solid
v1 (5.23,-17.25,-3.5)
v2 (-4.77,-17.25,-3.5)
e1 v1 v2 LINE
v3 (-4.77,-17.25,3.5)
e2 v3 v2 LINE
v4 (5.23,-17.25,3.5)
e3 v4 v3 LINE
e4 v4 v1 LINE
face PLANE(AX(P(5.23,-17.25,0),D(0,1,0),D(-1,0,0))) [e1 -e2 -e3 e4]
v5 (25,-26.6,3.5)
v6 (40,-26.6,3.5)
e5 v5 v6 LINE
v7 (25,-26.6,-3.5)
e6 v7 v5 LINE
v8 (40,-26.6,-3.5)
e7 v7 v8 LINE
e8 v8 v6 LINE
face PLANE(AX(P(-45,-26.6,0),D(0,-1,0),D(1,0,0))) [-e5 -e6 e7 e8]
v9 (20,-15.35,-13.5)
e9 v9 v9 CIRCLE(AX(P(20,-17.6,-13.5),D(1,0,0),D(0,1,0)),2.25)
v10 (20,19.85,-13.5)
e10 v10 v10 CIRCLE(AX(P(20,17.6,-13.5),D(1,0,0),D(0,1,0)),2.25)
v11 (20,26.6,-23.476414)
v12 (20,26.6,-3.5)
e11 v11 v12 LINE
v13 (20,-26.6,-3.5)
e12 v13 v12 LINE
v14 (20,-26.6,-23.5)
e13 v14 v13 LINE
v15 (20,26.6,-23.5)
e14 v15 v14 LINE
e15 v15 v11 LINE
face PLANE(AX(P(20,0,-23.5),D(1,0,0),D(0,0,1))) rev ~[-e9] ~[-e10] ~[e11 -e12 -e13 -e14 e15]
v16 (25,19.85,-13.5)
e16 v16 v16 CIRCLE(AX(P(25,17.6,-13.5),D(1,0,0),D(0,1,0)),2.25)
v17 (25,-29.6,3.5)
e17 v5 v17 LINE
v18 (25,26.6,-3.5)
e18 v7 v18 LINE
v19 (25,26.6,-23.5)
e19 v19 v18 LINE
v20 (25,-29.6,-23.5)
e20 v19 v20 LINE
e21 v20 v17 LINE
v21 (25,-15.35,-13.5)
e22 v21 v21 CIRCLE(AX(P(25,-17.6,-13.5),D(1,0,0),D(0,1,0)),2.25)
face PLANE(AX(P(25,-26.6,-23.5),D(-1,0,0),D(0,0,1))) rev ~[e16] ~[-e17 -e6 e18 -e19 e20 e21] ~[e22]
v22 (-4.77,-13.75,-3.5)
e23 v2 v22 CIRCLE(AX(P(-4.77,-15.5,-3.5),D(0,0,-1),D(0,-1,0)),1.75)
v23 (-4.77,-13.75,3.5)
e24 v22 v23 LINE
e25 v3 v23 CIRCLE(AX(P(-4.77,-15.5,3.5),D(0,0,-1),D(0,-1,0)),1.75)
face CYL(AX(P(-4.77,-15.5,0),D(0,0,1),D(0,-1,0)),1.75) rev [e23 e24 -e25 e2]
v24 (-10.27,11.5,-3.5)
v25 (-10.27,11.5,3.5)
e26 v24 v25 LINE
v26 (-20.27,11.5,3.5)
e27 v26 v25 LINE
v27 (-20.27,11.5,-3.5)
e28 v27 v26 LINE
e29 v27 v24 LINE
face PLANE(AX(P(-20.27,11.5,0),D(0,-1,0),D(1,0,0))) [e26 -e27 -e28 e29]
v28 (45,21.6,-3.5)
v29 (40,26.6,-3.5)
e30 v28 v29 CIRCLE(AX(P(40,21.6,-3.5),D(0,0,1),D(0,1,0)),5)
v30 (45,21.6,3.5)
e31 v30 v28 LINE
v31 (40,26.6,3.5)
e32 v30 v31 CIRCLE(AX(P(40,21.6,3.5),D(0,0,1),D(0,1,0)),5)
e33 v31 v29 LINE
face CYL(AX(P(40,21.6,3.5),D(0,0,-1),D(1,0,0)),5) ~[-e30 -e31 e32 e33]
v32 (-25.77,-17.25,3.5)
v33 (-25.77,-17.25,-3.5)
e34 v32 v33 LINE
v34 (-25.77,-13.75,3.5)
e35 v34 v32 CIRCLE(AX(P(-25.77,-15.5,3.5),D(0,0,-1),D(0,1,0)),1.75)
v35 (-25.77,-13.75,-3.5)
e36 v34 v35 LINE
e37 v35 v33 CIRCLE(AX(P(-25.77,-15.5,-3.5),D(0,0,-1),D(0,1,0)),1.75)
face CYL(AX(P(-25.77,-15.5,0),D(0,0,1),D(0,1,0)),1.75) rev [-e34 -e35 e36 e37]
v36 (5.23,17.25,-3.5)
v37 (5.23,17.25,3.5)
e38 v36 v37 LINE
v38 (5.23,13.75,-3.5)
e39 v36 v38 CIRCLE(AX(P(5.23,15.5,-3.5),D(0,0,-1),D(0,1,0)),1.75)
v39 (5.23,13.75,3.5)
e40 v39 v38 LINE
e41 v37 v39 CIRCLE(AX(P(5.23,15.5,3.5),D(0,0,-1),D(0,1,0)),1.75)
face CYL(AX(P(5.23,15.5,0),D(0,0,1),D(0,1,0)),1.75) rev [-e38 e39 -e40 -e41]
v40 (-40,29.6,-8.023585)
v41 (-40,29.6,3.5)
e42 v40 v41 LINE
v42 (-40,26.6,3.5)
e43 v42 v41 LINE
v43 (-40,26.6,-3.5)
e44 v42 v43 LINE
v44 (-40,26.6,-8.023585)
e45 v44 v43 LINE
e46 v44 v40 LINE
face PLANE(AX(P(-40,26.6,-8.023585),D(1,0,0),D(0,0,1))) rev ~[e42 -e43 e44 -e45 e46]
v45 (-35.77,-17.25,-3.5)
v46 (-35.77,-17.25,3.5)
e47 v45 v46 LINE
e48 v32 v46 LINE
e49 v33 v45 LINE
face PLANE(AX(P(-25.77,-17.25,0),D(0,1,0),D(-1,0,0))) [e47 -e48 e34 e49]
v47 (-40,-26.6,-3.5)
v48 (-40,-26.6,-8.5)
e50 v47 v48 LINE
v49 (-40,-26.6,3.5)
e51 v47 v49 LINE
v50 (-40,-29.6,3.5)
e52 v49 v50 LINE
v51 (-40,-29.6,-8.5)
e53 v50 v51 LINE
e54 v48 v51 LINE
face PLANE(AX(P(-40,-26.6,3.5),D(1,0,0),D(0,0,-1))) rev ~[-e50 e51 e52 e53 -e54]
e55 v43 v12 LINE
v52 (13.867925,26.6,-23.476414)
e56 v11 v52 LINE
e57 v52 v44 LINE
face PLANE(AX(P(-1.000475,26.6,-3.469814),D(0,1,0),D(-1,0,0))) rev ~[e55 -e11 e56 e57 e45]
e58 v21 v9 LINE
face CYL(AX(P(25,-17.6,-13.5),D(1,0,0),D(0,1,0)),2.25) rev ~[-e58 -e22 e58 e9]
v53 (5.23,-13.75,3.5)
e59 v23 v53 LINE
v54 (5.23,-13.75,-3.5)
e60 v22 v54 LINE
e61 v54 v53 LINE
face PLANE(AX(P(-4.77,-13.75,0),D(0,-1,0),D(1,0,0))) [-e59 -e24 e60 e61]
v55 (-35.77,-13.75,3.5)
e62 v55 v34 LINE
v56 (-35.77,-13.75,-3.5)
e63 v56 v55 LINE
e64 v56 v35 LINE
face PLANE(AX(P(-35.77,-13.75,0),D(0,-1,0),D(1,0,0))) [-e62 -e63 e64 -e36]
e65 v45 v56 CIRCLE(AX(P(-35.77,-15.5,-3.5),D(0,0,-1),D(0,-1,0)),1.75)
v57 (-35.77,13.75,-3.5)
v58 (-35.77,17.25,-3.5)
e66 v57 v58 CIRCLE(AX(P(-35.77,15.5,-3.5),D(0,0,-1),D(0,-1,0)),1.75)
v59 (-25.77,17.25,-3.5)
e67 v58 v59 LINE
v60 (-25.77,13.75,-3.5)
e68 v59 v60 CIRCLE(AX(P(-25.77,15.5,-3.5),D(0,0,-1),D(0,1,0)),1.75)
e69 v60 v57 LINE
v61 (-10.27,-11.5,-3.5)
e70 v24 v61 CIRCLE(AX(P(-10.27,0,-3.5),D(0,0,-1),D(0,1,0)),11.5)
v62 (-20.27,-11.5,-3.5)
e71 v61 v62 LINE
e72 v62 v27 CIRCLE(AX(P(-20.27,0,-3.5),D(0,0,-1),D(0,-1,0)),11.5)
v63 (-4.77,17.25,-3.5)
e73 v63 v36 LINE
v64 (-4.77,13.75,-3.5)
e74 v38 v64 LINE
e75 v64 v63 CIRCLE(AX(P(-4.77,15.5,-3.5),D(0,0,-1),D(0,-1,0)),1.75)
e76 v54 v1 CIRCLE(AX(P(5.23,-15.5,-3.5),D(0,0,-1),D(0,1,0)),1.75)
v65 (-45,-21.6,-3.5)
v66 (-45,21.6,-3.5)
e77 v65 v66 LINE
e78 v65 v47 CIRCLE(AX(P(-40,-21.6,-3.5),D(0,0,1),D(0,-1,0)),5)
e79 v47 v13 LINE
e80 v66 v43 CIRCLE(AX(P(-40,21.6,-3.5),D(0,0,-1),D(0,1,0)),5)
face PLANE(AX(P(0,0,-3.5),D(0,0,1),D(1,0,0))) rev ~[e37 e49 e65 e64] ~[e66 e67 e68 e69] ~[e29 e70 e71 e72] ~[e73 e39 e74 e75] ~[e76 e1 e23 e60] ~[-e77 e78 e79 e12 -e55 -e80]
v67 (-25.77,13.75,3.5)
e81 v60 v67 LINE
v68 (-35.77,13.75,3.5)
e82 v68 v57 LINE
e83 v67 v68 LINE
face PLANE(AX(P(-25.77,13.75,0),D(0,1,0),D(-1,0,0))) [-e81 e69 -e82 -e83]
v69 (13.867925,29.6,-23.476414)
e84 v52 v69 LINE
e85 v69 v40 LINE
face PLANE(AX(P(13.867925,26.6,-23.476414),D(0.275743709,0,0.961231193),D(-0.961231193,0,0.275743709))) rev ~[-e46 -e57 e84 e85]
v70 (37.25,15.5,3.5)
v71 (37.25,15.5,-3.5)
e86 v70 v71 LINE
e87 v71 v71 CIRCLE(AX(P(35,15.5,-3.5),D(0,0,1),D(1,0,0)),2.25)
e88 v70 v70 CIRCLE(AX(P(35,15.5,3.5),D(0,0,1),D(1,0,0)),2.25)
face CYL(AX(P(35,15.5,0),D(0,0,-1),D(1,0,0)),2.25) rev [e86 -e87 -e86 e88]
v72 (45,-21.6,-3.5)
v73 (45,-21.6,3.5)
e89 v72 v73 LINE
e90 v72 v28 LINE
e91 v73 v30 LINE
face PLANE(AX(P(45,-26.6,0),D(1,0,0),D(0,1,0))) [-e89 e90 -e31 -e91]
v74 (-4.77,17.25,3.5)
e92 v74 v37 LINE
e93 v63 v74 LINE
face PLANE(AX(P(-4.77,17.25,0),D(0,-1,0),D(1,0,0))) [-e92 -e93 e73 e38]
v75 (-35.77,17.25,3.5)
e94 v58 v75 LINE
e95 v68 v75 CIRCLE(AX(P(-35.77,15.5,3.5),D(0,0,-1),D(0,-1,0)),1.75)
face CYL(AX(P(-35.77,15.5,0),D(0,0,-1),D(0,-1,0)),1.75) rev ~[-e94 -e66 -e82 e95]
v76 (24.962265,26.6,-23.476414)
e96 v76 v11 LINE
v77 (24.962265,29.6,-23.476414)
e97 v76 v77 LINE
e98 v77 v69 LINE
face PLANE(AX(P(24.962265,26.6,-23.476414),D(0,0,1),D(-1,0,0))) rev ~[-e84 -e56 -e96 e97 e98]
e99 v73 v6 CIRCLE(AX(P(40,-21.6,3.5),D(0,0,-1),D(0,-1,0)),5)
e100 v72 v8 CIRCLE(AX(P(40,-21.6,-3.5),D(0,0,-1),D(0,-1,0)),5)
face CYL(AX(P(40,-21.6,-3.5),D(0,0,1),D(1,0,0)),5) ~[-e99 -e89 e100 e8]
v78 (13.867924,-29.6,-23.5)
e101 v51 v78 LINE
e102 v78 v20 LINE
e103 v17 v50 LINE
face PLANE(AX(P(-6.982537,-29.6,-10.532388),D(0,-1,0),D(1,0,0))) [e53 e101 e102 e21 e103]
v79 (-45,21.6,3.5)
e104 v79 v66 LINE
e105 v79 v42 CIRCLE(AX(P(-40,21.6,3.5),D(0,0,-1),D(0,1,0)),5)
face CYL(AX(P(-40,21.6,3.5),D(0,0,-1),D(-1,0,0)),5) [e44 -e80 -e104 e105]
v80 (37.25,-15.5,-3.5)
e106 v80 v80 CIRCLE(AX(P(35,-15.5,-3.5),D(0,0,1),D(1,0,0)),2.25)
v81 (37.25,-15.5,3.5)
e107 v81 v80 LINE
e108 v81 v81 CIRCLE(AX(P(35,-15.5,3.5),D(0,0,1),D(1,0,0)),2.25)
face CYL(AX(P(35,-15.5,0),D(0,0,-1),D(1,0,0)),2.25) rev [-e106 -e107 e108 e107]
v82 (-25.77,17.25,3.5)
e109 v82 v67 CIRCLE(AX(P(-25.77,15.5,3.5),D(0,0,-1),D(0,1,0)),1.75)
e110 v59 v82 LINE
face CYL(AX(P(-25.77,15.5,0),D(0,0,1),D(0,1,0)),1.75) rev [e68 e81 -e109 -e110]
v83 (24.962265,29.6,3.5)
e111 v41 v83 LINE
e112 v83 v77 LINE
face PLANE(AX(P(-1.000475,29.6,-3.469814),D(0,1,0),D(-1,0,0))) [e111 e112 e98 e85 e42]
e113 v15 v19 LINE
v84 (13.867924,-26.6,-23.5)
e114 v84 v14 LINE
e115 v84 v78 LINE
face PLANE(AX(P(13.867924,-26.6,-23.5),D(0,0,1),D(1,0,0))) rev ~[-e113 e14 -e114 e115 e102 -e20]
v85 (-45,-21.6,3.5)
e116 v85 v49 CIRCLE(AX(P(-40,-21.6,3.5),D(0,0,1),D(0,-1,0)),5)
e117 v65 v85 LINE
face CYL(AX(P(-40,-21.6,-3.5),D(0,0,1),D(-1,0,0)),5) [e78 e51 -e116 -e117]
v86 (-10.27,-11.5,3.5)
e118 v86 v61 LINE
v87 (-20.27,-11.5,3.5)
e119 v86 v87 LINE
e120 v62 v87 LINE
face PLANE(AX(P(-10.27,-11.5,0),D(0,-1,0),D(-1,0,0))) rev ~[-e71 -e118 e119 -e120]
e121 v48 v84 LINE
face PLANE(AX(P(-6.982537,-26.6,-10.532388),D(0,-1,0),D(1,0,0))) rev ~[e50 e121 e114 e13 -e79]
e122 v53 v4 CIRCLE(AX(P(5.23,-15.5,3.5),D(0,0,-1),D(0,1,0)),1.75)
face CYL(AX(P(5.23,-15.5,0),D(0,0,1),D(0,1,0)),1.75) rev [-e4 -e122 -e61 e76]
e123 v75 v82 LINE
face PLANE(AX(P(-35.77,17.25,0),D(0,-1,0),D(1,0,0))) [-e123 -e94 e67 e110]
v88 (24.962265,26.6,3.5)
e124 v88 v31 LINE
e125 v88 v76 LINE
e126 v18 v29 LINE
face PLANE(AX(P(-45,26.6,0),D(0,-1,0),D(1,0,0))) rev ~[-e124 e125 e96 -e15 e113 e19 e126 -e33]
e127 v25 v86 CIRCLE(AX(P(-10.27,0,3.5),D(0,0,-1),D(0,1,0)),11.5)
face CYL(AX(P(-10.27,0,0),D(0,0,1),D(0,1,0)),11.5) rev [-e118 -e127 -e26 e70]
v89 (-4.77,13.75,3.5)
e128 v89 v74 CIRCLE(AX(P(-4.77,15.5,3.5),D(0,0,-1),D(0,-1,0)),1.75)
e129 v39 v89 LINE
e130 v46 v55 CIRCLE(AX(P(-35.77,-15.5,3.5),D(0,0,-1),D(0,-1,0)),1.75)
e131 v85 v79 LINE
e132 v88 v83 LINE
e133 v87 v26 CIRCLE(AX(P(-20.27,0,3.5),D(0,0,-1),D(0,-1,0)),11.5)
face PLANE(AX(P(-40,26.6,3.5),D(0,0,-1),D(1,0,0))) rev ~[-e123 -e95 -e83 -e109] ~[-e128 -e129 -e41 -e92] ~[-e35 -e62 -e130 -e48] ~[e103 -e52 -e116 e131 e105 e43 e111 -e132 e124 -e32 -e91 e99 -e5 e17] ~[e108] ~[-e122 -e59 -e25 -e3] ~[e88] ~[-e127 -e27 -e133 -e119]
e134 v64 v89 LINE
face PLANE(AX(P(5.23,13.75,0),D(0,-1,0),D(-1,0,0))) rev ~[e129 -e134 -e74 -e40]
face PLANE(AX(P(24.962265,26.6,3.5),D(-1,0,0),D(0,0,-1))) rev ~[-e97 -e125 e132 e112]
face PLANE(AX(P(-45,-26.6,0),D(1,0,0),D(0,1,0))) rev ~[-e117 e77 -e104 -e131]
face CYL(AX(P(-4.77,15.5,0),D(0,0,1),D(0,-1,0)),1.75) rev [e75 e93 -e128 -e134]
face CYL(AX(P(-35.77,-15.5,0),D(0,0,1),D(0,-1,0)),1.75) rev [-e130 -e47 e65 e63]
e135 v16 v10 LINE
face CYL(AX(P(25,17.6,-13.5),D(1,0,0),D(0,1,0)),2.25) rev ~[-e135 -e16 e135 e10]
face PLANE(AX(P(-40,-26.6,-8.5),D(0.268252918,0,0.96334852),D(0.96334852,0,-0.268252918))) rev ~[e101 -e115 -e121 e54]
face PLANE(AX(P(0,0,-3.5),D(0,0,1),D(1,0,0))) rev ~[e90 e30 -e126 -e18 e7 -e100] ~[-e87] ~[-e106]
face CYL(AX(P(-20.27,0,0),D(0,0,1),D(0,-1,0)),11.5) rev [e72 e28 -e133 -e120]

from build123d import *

# Parameters (mm, degrees)
F0_W      = 90
F0_H      = 53.2
F0_R      = 2.25
F1_DEPTH  = 3.5
F2_R      = 5
F3_W      = 5
F3_H      = 20
F4_DEPTH  = 26.6
F6_DEPTH  = 3
F8_DEPTH  = 3
F9_R      = 2.25
F10_DEPTH = 5


with BuildPart() as f1:
    # F0 (on Top) → F1 (new body, symmetric)
    with BuildSketch(Plane.XY):
        Rectangle(F0_W, F0_H)
        with BuildLine():
            ThreePointArc((-35.77, -17.25), (-37.52, -15.5), (-35.77, -13.75))
            Line((-35.77, -13.75), (-25.77, -13.75))
            ThreePointArc((-25.77, -13.75), (-24.02, -15.5), (-25.77, -17.25))
            Line((-25.77, -17.25), (-35.77, -17.25))
        make_face(mode=Mode.SUBTRACT)
        with BuildLine():
            Line((-4.77, -13.75), (5.23, -13.75))
            ThreePointArc((5.23, -13.75), (6.98, -15.5), (5.23, -17.25))
            Line((5.23, -17.25), (-4.77, -17.25))
            ThreePointArc((-4.77, -17.25), (-6.52, -15.5), (-4.77, -13.75))
        make_face(mode=Mode.SUBTRACT)
        with Locations((35, -15.5)):
            Circle(F0_R, mode=Mode.SUBTRACT)
        with BuildLine():
            ThreePointArc((-10.27, 11.5), (1.23, 0), (-10.27, -11.5))
            Line((-10.27, -11.5), (-20.27, -11.5))
            ThreePointArc((-20.27, -11.5), (-31.77, 0), (-20.27, 11.5))
            Line((-20.27, 11.5), (-10.27, 11.5))
        make_face(mode=Mode.SUBTRACT)
        with BuildLine():
            Line((-25.77, 13.75), (-35.77, 13.75))
            ThreePointArc((-35.77, 13.75), (-37.52, 15.5), (-35.77, 17.25))
            Line((-35.77, 17.25), (-25.77, 17.25))
            ThreePointArc((-25.77, 17.25), (-24.02, 15.5), (-25.77, 13.75))
        make_face(mode=Mode.SUBTRACT)
        with BuildLine():
            ThreePointArc((5.23, 17.25), (6.98, 15.5), (5.23, 13.75))
            Line((5.23, 13.75), (-4.77, 13.75))
            ThreePointArc((-4.77, 13.75), (-6.52, 15.5), (-4.77, 17.25))
            Line((-4.77, 17.25), (5.23, 17.25))
        make_face(mode=Mode.SUBTRACT)
        with Locations((35, 15.5)):
            Circle(F0_R, mode=Mode.SUBTRACT)
    extrude(amount=F1_DEPTH, both=True)

    # F2
    f2_edges = [f1.edges().sort_by_distance(p)[0] for p in [
        (-45, 26.6, 0),
        (-45, -26.6, 0),
        (45, -26.6, 0),
        (45, 26.6, 0),
    ]]
    fillet(f2_edges, radius=F2_R)

    # F3 (on Front) → F4 (join, symmetric)
    with BuildSketch(Plane.XZ):
        with Locations((22.5, -13.5)):
            Rectangle(F3_W, F3_H)
    extrude(amount=F4_DEPTH, both=True)

    # F5 (on face) → F6 (join)
    with BuildSketch(Plane.XZ.offset(26.6)):
        Polygon((13.8679239899, -23.5), (20, -23.5), (20, -3.5), (-40, -3.5), (-40, -8.5), align=None)
        Polygon((20, -23.5), (25, -23.5), (25, -3.5), (25, 3.5), (-40, 3.5), (-40, -3.5), (20, -3.5), align=None)
    extrude(amount=F6_DEPTH)

    # F7 (on face) → F8 (join)
    with BuildSketch(Plane(origin=(0, 26.6, 0), x_dir=(-1, 0, 0), z_dir=(0, 1, 0))):
        Polygon((-24.9622650445, 3.5), (-24.9622650445, -23.4764143825), (-20, -23.4764143825), (-20, -3.5), (40, -3.5), (40, 3.5), align=None)
        Polygon((-20, -3.5), (-20, -23.4764143825), (-13.8679249212, -23.4764143825), (40, -8.0235851929), (40, -3.5), align=None)
    extrude(amount=F8_DEPTH)

    # F9 (on face) → F10 (cut, through all)
    with BuildSketch(Plane.YZ.offset(25)):
        with Locations((-17.6, -13.5)):
            Circle(F9_R)
        with Locations((17.6, -13.5)):
            Circle(F9_R)
    extrude(amount=-F10_DEPTH, mode=Mode.SUBTRACT)


solid = f1.part
